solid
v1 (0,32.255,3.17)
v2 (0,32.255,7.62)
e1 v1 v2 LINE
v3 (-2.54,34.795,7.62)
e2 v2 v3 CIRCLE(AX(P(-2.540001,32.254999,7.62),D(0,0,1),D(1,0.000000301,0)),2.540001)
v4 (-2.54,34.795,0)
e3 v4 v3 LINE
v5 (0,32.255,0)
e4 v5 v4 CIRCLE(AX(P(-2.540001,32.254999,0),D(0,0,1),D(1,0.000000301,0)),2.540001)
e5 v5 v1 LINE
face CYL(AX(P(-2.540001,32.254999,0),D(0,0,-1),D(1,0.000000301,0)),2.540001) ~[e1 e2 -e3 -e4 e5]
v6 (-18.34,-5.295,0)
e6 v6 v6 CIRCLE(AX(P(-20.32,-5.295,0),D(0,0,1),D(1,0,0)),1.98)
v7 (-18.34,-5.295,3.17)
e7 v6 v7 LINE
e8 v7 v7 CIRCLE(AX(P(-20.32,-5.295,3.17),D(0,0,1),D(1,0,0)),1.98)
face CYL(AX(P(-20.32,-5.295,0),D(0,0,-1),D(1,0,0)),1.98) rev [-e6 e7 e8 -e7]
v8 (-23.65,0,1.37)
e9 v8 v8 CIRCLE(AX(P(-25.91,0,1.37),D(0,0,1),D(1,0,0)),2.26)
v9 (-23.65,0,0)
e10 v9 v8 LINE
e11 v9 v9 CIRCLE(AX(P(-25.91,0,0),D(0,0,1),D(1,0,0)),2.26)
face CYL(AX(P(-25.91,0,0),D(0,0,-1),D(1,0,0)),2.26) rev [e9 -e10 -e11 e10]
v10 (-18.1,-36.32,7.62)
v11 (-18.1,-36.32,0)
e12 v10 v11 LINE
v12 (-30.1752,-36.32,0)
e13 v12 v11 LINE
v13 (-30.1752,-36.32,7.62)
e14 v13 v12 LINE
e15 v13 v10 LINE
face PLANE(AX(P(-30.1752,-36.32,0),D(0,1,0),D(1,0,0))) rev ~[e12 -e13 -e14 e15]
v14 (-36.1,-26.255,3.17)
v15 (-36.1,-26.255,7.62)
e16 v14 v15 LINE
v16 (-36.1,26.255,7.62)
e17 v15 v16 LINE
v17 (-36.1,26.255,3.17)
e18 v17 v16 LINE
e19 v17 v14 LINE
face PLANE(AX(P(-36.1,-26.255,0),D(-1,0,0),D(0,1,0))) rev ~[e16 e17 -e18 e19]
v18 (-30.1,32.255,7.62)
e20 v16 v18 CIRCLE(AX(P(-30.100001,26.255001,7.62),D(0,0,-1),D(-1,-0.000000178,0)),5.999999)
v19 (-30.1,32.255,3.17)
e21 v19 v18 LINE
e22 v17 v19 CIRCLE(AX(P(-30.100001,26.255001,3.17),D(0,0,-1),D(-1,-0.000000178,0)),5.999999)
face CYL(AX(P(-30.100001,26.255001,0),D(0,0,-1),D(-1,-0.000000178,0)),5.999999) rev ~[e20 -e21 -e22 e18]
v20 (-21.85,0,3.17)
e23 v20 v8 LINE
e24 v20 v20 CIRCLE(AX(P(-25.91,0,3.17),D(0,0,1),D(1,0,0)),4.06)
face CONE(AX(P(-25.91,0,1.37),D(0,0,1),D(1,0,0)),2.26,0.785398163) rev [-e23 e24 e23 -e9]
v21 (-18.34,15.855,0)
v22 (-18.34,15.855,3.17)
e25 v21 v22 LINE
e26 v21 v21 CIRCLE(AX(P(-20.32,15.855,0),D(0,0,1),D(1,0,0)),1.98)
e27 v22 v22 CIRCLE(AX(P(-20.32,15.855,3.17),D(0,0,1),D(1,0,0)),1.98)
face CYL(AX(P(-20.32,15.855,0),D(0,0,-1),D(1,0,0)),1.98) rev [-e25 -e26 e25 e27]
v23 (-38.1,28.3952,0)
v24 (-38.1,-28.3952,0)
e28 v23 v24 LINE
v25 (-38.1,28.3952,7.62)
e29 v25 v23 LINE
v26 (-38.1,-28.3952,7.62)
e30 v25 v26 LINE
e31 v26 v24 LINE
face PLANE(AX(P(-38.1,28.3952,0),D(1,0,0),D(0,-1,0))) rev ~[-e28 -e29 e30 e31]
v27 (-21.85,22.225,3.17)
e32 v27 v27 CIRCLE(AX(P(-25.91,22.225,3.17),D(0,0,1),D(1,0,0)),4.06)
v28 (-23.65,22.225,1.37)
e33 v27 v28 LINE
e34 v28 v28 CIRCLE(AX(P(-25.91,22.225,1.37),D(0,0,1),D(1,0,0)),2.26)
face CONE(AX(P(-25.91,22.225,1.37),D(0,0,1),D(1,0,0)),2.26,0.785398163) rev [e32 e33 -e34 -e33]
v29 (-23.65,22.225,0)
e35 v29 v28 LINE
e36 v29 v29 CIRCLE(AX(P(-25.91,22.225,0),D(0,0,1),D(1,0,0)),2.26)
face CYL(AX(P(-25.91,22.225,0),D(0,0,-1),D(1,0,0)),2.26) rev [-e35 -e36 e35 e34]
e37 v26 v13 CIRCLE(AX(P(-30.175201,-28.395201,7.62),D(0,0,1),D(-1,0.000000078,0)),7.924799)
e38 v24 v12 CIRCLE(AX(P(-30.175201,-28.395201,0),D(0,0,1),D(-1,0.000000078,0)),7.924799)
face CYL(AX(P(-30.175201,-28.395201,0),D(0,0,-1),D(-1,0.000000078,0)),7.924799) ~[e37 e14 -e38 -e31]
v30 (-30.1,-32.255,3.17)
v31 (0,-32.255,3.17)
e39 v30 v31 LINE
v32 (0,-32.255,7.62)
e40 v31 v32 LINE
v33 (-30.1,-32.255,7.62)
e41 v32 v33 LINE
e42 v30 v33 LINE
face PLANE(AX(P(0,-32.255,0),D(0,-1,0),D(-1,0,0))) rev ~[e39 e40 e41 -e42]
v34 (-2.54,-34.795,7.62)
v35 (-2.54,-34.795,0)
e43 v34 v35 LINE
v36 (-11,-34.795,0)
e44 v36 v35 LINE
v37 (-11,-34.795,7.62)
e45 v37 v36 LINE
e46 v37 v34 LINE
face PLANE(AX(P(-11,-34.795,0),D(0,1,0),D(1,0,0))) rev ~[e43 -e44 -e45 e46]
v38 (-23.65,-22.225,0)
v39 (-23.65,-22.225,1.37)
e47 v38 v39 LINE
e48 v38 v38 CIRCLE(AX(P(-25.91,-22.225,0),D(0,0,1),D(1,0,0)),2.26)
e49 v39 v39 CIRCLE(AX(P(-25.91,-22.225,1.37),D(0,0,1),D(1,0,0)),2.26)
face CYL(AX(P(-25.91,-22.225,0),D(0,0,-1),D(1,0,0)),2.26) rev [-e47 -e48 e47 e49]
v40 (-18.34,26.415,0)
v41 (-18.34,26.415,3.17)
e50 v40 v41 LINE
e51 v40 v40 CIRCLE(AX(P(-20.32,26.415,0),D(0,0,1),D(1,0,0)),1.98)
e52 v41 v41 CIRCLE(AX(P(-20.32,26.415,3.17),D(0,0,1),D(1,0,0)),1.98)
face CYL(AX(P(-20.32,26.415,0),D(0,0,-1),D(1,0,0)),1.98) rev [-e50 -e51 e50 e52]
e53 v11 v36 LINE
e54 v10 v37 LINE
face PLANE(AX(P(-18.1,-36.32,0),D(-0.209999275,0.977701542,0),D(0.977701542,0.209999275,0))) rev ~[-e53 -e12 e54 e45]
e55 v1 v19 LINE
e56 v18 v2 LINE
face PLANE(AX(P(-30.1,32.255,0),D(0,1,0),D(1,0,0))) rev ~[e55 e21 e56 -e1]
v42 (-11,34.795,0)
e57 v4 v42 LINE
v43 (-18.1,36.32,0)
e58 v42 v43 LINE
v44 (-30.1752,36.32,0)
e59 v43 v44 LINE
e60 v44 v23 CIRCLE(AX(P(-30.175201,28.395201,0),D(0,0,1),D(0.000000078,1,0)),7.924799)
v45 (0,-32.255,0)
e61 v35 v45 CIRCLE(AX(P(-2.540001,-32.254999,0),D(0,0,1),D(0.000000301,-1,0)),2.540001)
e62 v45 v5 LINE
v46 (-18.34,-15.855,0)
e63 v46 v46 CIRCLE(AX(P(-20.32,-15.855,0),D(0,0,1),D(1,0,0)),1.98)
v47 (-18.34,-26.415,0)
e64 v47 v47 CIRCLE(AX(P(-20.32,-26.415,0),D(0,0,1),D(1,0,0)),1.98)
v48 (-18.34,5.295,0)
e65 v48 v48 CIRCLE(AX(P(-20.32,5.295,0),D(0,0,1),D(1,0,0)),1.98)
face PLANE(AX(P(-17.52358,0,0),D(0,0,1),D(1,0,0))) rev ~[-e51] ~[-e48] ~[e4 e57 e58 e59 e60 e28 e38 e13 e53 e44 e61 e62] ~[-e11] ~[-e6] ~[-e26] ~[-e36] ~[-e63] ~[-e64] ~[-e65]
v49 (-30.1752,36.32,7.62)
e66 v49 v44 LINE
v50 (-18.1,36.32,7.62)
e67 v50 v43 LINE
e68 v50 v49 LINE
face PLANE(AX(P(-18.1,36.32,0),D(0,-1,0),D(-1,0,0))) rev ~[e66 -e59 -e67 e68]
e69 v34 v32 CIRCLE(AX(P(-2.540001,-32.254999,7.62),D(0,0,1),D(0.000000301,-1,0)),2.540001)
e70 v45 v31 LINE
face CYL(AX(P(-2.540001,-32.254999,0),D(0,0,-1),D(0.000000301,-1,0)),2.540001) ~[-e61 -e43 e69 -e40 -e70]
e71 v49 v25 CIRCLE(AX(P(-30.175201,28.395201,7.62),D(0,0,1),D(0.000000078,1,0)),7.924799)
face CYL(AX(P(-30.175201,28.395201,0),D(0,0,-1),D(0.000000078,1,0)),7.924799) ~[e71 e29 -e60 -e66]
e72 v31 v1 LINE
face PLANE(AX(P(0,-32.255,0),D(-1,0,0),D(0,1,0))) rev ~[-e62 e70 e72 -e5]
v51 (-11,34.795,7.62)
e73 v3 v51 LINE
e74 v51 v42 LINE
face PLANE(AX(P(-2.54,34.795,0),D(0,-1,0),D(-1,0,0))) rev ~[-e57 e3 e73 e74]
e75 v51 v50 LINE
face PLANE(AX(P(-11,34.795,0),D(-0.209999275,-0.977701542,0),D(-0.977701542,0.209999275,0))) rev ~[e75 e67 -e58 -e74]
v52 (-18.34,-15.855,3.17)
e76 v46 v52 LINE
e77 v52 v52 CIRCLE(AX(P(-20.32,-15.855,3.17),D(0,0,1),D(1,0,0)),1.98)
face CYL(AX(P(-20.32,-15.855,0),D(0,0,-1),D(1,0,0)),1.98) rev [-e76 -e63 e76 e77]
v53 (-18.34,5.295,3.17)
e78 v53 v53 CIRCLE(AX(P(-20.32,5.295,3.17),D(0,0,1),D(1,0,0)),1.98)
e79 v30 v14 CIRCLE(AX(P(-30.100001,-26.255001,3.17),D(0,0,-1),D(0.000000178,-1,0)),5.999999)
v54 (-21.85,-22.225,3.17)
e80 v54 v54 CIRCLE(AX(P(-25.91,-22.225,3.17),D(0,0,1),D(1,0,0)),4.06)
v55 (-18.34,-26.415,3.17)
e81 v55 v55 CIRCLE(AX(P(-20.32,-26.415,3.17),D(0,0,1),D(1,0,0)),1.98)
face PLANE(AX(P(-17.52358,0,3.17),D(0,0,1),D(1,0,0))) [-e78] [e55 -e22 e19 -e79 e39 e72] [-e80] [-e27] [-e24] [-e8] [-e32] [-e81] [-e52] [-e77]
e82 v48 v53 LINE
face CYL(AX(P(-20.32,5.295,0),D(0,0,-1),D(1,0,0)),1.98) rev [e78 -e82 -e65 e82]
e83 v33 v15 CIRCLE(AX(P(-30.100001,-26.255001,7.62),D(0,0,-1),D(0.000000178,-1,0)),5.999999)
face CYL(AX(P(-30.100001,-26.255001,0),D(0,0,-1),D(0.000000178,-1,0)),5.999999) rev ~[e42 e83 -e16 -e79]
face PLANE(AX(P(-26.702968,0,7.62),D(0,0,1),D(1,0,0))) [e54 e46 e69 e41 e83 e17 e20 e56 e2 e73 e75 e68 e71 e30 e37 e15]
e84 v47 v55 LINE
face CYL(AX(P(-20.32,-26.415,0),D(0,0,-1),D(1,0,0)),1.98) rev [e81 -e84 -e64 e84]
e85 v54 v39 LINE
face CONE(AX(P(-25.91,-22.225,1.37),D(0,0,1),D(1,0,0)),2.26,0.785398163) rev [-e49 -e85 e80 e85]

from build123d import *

# Parameters (mm, degrees)
F0_R     = 2.26
F0_R_2   = 1.98
F1_DEPTH = 3.17
F2_DEPTH = 7.62
F3_SIZE  = 1.8


with BuildPart() as f1:
    # F0 (on Top) → F1 (new body)
    with BuildSketch(Plane.XY):
        with BuildLine():
            Line((0, -32.255), (0, 0))
            Line((0, 0), (0, 32.255))
            Line((0, 32.255), (-30.1, 32.255))
            ThreePointArc((-30.1, 32.255), (-34.342641, 30.497641), (-36.1, 26.255))
            Line((-36.1, 26.255), (-36.1, -26.255))
            ThreePointArc((-36.1, -26.255), (-34.342641, -30.497641), (-30.1, -32.255))
            Line((-30.1, -32.255), (0, -32.255))
        make_face()
        with Locations((-25.91, -22.225)):
            Circle(F0_R, mode=Mode.SUBTRACT)
        with Locations((-20.32, -26.415)):
            Circle(F0_R_2, mode=Mode.SUBTRACT)
        with Locations((-20.32, -15.855)):
            Circle(F0_R_2, mode=Mode.SUBTRACT)
        with Locations((-20.32, -5.295)):
            Circle(F0_R_2, mode=Mode.SUBTRACT)
        with Locations((-25.91, 0)):
            Circle(F0_R, mode=Mode.SUBTRACT)
        with Locations((-20.32, 5.295)):
            Circle(F0_R_2, mode=Mode.SUBTRACT)
        with Locations((-20.32, 15.855)):
            Circle(F0_R_2, mode=Mode.SUBTRACT)
        with Locations((-25.91, 22.225)):
            Circle(F0_R, mode=Mode.SUBTRACT)
        with Locations((-20.32, 26.415)):
            Circle(F0_R_2, mode=Mode.SUBTRACT)
        with BuildLine():
            Line((-30.1, 32.255), (0, 32.255))
            ThreePointArc((0, 32.255), (-0.743949, 34.051051), (-2.54, 34.795))
            Line((-2.54, 34.795), (-11, 34.795))
            Line((-11, 34.795), (-18.1, 36.32))
            Line((-18.1, 36.32), (-30.1752, 36.32))
            ThreePointArc((-30.1752, 36.32), (-35.77888, 33.99888), (-38.1, 28.3952))
            Line((-38.1, 28.3952), (-38.1, 0))
            Line((-38.1, 0), (-38.1, -28.3952))
            ThreePointArc((-38.1, -28.3952), (-35.77888, -33.99888), (-30.1752, -36.32))
            Line((-30.1752, -36.32), (-18.1, -36.32))
            Line((-18.1, -36.32), (-11, -34.795))
            Line((-11, -34.795), (-2.54, -34.795))
            ThreePointArc((-2.54, -34.795), (-0.743949, -34.051051), (0, -32.255))
            Line((0, -32.255), (-30.1, -32.255))
            ThreePointArc((-30.1, -32.255), (-34.342641, -30.497641), (-36.1, -26.255))
            Line((-36.1, -26.255), (-36.1, 26.255))
            ThreePointArc((-36.1, 26.255), (-34.342641, 30.497641), (-30.1, 32.255))
        make_face()
    extrude(amount=F1_DEPTH)

    # F0 (on Top) → F2 (join)
    with BuildSketch(Plane.XY):
        with BuildLine():
            Line((-30.1, 32.255), (0, 32.255))
            ThreePointArc((0, 32.255), (-0.743949, 34.051051), (-2.54, 34.795))
            Line((-2.54, 34.795), (-11, 34.795))
            Line((-11, 34.795), (-18.1, 36.32))
            Line((-18.1, 36.32), (-30.1752, 36.32))
            ThreePointArc((-30.1752, 36.32), (-35.77888, 33.99888), (-38.1, 28.3952))
            Line((-38.1, 28.3952), (-38.1, 0))
            Line((-38.1, 0), (-38.1, -28.3952))
            ThreePointArc((-38.1, -28.3952), (-35.77888, -33.99888), (-30.1752, -36.32))
            Line((-30.1752, -36.32), (-18.1, -36.32))
            Line((-18.1, -36.32), (-11, -34.795))
            Line((-11, -34.795), (-2.54, -34.795))
            ThreePointArc((-2.54, -34.795), (-0.743949, -34.051051), (0, -32.255))
            Line((0, -32.255), (-30.1, -32.255))
            ThreePointArc((-30.1, -32.255), (-34.342641, -30.497641), (-36.1, -26.255))
            Line((-36.1, -26.255), (-36.1, 26.255))
            ThreePointArc((-36.1, 26.255), (-34.342641, 30.497641), (-30.1, 32.255))
        make_face()
    extrude(amount=F2_DEPTH)

    # F3
    f3_edges = [f1.edges().sort_by_distance(p)[0] for p in [
        (-28.17, -22.225, 3.17),
        (-28.17, 0, 3.17),
        (-28.17, 22.225, 3.17),
    ]]
    chamfer(f3_edges, length=F3_SIZE)


solid = f1.part
